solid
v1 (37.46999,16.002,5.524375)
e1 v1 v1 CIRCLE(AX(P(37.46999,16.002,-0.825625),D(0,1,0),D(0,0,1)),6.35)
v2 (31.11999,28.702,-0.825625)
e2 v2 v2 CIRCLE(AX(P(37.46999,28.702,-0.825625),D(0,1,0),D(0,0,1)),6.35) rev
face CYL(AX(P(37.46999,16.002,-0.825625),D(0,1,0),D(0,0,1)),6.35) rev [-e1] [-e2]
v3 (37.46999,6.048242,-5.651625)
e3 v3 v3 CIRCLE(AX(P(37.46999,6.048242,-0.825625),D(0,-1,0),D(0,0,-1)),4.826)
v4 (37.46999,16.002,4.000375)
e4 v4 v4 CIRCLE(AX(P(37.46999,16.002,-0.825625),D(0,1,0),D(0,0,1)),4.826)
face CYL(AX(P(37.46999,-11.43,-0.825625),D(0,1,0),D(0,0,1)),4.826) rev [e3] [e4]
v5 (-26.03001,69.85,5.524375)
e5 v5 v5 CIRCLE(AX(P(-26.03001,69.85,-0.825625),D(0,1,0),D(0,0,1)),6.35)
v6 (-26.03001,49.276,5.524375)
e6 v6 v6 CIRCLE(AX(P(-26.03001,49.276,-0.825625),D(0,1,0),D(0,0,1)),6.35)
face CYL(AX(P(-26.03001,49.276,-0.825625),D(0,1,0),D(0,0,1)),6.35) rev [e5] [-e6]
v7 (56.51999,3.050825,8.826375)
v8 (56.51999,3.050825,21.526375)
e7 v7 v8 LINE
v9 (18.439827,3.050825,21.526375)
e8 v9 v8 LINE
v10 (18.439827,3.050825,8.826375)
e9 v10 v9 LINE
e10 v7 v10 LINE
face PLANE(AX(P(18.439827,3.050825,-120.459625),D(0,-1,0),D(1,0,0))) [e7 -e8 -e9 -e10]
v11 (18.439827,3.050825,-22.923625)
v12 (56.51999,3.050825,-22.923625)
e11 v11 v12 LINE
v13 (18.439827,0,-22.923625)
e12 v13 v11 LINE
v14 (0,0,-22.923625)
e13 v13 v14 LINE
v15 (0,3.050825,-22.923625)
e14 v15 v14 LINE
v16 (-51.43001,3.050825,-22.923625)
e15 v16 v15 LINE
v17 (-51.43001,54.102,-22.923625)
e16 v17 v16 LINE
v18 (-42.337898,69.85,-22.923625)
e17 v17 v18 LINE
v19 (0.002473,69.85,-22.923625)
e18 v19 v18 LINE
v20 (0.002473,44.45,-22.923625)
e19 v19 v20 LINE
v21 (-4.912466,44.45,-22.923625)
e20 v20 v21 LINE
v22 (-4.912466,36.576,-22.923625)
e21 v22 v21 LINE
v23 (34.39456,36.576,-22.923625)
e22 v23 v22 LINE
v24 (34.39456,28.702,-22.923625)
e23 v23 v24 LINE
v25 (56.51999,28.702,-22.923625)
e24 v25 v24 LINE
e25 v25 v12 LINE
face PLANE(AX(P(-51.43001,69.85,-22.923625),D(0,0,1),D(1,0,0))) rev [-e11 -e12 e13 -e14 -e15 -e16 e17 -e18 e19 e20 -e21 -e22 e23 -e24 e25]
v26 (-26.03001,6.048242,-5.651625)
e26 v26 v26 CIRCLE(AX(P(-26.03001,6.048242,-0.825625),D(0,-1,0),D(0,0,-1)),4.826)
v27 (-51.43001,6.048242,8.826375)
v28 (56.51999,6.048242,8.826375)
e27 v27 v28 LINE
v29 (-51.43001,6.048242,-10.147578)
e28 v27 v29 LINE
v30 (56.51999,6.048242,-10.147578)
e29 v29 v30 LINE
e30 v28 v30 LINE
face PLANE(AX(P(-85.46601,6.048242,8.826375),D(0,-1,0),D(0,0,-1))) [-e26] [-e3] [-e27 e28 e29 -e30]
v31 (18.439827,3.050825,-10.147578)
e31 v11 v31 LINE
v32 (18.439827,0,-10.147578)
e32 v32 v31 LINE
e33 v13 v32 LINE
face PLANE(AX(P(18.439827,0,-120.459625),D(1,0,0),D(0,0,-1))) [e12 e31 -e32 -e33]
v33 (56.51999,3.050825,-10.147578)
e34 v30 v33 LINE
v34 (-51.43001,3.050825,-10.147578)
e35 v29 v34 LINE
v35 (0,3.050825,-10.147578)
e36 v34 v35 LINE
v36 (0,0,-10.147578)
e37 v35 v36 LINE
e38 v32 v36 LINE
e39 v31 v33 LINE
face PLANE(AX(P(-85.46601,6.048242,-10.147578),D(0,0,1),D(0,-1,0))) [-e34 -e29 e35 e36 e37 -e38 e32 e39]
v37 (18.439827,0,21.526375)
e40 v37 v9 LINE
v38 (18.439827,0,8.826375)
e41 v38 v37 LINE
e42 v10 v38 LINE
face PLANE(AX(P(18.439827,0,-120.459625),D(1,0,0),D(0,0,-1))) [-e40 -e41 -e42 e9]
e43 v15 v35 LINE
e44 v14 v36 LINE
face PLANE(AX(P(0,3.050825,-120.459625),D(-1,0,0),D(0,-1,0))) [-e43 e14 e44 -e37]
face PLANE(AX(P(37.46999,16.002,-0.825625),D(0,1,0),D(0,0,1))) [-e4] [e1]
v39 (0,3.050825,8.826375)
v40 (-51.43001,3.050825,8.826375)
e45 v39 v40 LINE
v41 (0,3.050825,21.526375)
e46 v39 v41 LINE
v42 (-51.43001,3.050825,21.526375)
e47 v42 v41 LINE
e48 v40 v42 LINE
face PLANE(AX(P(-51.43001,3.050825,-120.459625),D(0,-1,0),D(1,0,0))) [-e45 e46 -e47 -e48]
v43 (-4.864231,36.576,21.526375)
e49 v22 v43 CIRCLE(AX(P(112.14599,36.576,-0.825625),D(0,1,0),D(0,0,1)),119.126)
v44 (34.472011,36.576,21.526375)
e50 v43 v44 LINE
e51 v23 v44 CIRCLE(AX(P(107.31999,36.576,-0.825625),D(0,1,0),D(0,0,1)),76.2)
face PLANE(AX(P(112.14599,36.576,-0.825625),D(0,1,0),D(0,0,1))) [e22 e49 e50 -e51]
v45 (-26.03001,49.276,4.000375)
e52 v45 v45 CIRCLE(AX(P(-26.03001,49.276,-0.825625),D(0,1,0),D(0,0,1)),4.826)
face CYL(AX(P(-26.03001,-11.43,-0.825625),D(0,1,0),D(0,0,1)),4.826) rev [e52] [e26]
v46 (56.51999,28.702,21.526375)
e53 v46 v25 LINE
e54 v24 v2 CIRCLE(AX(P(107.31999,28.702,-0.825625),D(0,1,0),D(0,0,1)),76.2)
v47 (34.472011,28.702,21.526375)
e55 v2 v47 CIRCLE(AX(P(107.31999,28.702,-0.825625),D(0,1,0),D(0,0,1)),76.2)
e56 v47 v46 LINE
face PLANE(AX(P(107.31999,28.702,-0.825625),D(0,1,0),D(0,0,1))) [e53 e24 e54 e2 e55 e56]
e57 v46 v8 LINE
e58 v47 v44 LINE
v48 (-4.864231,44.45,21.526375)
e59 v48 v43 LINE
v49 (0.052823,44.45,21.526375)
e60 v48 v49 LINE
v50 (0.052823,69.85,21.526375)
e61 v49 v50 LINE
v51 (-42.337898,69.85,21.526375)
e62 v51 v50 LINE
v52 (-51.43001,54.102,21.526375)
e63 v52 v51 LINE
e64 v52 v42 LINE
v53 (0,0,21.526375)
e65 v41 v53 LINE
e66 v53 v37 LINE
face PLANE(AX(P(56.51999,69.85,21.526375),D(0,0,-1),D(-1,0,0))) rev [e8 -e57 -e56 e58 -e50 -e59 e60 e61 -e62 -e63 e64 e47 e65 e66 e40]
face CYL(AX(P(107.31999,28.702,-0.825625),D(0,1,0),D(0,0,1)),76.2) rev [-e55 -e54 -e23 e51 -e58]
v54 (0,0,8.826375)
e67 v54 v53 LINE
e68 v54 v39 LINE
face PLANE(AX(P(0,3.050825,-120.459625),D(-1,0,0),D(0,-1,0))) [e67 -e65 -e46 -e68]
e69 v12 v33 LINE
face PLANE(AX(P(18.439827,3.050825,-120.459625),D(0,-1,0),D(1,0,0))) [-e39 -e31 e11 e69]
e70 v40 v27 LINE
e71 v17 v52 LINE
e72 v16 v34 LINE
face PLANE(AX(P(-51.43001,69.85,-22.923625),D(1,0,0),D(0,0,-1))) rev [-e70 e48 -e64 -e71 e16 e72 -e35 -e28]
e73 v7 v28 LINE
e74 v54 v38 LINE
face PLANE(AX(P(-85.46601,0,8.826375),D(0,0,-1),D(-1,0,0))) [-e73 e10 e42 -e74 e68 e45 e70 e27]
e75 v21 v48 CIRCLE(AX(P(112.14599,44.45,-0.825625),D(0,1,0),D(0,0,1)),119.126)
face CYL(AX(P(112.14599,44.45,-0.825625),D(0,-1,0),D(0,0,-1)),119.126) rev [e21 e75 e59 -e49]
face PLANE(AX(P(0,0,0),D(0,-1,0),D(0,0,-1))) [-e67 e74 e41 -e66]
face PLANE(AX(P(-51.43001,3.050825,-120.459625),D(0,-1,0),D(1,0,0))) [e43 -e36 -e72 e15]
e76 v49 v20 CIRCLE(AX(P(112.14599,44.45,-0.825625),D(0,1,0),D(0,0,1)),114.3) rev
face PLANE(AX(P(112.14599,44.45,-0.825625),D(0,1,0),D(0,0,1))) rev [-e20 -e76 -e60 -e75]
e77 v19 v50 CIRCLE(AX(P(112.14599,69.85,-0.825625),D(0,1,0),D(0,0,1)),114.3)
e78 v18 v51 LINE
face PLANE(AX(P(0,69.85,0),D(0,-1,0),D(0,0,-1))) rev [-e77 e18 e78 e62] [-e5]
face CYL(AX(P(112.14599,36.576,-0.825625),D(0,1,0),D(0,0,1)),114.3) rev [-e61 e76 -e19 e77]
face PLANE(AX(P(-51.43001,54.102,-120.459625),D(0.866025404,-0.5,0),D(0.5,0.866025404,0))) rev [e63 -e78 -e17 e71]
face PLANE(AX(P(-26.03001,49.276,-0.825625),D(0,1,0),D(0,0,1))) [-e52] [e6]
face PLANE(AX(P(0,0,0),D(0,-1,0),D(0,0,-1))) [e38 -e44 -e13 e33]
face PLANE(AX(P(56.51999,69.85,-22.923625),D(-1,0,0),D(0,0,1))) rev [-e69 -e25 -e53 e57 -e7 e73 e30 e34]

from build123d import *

# Parameters (mm, degrees)
SKETCH1_W           = 107.95
SKETCH1_H           = 44.45
BOSS_EXTRUDE1_DEPTH = 69.85
SKETCH2_W           = 18.973953495
SKETCH2_H           = 6.048241647
CUT_EXTRUDE1_DEPTH  = 141.986
SKETCH3_W           = 38.080163228
SKETCH3_H           = 3.050825249
SKETCH3_W_2         = 51.430009823
CUT_EXTRUDE3_DEPTH  = 141.986
CUT_EXTRUDE4_DEPTH  = 141.986
SKETCH8_R           = 114.3
CUT_EXTRUDE6_DEPTH  = 33.274
SKETCH12_R          = 119.126
CUT_EXTRUDE7_DEPTH  = 7.874
SKETCH13_R          = 6.35
CUT_EXTRUDE8_DEPTH  = 20.574
SKETCH14_R          = 76.2
CUT_EXTRUDE9_DEPTH  = 7.874
SKETCH15_R          = 6.35
CUT_EXTRUDE10_DEPTH = 20.574
SKETCH16_R          = 4.826
CUT_EXTRUDE11_DEPTH = 81.28


with BuildPart() as part:
    # Sketch1 → Boss-Extrude1 (new body)
    with BuildSketch(Plane(origin=(0, 0, 0), x_dir=(1, 0, 0), z_dir=(0, 1, 0))):
        with Locations((2.544990177, 0.698624754)):
            Rectangle(SKETCH1_W, SKETCH1_H)
    extrude(amount=BOSS_EXTRUDE1_DEPTH)

    # Sketch2 → Cut-Extrude1 (cut)
    with BuildSketch(Plane(origin=(56.519990177, 0, 0), x_dir=(0, 0, -1), z_dir=(1, 0, 0))):
        with Locations((0.660601501, 3.024120824)):
            Rectangle(SKETCH2_W, SKETCH2_H)
    extrude(amount=-CUT_EXTRUDE1_DEPTH, mode=Mode.SUBTRACT)

    # Sketch3 → Cut-Extrude3 (cut)
    with BuildSketch(Plane.XY.offset(21.526375246)):
        with Locations((37.479908563, 1.525412625)):
            Rectangle(SKETCH3_W, SKETCH3_H)
        with Locations((-25.715004912, 1.525412625)):
            Rectangle(SKETCH3_W_2, SKETCH3_H)
    extrude(amount=-CUT_EXTRUDE3_DEPTH, mode=Mode.SUBTRACT)

    # Sketch7 → Cut-Extrude4 (cut)
    with BuildSketch(Plane.XY.offset(21.526375246)):
        Polygon((-51.430009823, 54.102), (-42.337897784, 69.85), (-51.430009823, 69.85), align=None)
    extrude(amount=-CUT_EXTRUDE4_DEPTH, mode=Mode.SUBTRACT)

    # Sketch8 → Cut-Extrude6 (cut)
    with BuildSketch(Plane(origin=(0, 69.85, 0), x_dir=(1, 0, 0), z_dir=(0, 1, 0))):
        with Locations((112.145990177, 0.825624754)):
            Circle(SKETCH8_R)
    extrude(amount=-CUT_EXTRUDE6_DEPTH, mode=Mode.SUBTRACT)

    # Sketch12 → Cut-Extrude7 (cut)
    with BuildSketch(Plane(origin=(0, 36.576, 0), x_dir=(1, 0, 0), z_dir=(0, 1, 0))):
        with Locations((112.145990177, 0.825624754)):
            Circle(SKETCH12_R)
    extrude(amount=CUT_EXTRUDE7_DEPTH, mode=Mode.SUBTRACT)

    # Sketch13 → Cut-Extrude8 (cut)
    with BuildSketch(Plane(origin=(0, 36.576, 0), x_dir=(1, 0, 0), z_dir=(0, 1, 0))):
        with Locations(Location((37.469990177, 0.825624754, 0), (0, 0, 270))):
            Circle(SKETCH13_R)
    extrude(amount=-CUT_EXTRUDE8_DEPTH, mode=Mode.SUBTRACT)

    # Sketch14 → Cut-Extrude9 (cut)
    with BuildSketch(Plane(origin=(0, 36.576, 0), x_dir=(1, 0, 0), z_dir=(0, 1, 0))):
        with Locations((107.319990177, 0.825624754)):
            Circle(SKETCH14_R)
    extrude(amount=-CUT_EXTRUDE9_DEPTH, mode=Mode.SUBTRACT)

    # Sketch15 → Cut-Extrude10 (cut)
    with BuildSketch(Plane(origin=(0, 69.85, 0), x_dir=(1, 0, 0), z_dir=(0, 1, 0))):
        with Locations(Location((-26.030009823, 0.825624754, 0), (0, 0, 270))):
            Circle(SKETCH15_R)
    extrude(amount=-CUT_EXTRUDE10_DEPTH, mode=Mode.SUBTRACT)

    # Sketch16 → Cut-Extrude11 (cut)
    with BuildSketch(Plane(origin=(0, 69.85, 0), x_dir=(1, 0, 0), z_dir=(0, 1, 0))):
        with Locations(Location((-26.030009823, 0.825624754, 0), (0, 0, 270))):
            Circle(SKETCH16_R)
        with Locations(Location((37.469990177, 0.825624754, 0), (0, 0, 270))):
            Circle(SKETCH16_R)
    extrude(amount=-CUT_EXTRUDE11_DEPTH, mode=Mode.SUBTRACT)


solid = part.part
